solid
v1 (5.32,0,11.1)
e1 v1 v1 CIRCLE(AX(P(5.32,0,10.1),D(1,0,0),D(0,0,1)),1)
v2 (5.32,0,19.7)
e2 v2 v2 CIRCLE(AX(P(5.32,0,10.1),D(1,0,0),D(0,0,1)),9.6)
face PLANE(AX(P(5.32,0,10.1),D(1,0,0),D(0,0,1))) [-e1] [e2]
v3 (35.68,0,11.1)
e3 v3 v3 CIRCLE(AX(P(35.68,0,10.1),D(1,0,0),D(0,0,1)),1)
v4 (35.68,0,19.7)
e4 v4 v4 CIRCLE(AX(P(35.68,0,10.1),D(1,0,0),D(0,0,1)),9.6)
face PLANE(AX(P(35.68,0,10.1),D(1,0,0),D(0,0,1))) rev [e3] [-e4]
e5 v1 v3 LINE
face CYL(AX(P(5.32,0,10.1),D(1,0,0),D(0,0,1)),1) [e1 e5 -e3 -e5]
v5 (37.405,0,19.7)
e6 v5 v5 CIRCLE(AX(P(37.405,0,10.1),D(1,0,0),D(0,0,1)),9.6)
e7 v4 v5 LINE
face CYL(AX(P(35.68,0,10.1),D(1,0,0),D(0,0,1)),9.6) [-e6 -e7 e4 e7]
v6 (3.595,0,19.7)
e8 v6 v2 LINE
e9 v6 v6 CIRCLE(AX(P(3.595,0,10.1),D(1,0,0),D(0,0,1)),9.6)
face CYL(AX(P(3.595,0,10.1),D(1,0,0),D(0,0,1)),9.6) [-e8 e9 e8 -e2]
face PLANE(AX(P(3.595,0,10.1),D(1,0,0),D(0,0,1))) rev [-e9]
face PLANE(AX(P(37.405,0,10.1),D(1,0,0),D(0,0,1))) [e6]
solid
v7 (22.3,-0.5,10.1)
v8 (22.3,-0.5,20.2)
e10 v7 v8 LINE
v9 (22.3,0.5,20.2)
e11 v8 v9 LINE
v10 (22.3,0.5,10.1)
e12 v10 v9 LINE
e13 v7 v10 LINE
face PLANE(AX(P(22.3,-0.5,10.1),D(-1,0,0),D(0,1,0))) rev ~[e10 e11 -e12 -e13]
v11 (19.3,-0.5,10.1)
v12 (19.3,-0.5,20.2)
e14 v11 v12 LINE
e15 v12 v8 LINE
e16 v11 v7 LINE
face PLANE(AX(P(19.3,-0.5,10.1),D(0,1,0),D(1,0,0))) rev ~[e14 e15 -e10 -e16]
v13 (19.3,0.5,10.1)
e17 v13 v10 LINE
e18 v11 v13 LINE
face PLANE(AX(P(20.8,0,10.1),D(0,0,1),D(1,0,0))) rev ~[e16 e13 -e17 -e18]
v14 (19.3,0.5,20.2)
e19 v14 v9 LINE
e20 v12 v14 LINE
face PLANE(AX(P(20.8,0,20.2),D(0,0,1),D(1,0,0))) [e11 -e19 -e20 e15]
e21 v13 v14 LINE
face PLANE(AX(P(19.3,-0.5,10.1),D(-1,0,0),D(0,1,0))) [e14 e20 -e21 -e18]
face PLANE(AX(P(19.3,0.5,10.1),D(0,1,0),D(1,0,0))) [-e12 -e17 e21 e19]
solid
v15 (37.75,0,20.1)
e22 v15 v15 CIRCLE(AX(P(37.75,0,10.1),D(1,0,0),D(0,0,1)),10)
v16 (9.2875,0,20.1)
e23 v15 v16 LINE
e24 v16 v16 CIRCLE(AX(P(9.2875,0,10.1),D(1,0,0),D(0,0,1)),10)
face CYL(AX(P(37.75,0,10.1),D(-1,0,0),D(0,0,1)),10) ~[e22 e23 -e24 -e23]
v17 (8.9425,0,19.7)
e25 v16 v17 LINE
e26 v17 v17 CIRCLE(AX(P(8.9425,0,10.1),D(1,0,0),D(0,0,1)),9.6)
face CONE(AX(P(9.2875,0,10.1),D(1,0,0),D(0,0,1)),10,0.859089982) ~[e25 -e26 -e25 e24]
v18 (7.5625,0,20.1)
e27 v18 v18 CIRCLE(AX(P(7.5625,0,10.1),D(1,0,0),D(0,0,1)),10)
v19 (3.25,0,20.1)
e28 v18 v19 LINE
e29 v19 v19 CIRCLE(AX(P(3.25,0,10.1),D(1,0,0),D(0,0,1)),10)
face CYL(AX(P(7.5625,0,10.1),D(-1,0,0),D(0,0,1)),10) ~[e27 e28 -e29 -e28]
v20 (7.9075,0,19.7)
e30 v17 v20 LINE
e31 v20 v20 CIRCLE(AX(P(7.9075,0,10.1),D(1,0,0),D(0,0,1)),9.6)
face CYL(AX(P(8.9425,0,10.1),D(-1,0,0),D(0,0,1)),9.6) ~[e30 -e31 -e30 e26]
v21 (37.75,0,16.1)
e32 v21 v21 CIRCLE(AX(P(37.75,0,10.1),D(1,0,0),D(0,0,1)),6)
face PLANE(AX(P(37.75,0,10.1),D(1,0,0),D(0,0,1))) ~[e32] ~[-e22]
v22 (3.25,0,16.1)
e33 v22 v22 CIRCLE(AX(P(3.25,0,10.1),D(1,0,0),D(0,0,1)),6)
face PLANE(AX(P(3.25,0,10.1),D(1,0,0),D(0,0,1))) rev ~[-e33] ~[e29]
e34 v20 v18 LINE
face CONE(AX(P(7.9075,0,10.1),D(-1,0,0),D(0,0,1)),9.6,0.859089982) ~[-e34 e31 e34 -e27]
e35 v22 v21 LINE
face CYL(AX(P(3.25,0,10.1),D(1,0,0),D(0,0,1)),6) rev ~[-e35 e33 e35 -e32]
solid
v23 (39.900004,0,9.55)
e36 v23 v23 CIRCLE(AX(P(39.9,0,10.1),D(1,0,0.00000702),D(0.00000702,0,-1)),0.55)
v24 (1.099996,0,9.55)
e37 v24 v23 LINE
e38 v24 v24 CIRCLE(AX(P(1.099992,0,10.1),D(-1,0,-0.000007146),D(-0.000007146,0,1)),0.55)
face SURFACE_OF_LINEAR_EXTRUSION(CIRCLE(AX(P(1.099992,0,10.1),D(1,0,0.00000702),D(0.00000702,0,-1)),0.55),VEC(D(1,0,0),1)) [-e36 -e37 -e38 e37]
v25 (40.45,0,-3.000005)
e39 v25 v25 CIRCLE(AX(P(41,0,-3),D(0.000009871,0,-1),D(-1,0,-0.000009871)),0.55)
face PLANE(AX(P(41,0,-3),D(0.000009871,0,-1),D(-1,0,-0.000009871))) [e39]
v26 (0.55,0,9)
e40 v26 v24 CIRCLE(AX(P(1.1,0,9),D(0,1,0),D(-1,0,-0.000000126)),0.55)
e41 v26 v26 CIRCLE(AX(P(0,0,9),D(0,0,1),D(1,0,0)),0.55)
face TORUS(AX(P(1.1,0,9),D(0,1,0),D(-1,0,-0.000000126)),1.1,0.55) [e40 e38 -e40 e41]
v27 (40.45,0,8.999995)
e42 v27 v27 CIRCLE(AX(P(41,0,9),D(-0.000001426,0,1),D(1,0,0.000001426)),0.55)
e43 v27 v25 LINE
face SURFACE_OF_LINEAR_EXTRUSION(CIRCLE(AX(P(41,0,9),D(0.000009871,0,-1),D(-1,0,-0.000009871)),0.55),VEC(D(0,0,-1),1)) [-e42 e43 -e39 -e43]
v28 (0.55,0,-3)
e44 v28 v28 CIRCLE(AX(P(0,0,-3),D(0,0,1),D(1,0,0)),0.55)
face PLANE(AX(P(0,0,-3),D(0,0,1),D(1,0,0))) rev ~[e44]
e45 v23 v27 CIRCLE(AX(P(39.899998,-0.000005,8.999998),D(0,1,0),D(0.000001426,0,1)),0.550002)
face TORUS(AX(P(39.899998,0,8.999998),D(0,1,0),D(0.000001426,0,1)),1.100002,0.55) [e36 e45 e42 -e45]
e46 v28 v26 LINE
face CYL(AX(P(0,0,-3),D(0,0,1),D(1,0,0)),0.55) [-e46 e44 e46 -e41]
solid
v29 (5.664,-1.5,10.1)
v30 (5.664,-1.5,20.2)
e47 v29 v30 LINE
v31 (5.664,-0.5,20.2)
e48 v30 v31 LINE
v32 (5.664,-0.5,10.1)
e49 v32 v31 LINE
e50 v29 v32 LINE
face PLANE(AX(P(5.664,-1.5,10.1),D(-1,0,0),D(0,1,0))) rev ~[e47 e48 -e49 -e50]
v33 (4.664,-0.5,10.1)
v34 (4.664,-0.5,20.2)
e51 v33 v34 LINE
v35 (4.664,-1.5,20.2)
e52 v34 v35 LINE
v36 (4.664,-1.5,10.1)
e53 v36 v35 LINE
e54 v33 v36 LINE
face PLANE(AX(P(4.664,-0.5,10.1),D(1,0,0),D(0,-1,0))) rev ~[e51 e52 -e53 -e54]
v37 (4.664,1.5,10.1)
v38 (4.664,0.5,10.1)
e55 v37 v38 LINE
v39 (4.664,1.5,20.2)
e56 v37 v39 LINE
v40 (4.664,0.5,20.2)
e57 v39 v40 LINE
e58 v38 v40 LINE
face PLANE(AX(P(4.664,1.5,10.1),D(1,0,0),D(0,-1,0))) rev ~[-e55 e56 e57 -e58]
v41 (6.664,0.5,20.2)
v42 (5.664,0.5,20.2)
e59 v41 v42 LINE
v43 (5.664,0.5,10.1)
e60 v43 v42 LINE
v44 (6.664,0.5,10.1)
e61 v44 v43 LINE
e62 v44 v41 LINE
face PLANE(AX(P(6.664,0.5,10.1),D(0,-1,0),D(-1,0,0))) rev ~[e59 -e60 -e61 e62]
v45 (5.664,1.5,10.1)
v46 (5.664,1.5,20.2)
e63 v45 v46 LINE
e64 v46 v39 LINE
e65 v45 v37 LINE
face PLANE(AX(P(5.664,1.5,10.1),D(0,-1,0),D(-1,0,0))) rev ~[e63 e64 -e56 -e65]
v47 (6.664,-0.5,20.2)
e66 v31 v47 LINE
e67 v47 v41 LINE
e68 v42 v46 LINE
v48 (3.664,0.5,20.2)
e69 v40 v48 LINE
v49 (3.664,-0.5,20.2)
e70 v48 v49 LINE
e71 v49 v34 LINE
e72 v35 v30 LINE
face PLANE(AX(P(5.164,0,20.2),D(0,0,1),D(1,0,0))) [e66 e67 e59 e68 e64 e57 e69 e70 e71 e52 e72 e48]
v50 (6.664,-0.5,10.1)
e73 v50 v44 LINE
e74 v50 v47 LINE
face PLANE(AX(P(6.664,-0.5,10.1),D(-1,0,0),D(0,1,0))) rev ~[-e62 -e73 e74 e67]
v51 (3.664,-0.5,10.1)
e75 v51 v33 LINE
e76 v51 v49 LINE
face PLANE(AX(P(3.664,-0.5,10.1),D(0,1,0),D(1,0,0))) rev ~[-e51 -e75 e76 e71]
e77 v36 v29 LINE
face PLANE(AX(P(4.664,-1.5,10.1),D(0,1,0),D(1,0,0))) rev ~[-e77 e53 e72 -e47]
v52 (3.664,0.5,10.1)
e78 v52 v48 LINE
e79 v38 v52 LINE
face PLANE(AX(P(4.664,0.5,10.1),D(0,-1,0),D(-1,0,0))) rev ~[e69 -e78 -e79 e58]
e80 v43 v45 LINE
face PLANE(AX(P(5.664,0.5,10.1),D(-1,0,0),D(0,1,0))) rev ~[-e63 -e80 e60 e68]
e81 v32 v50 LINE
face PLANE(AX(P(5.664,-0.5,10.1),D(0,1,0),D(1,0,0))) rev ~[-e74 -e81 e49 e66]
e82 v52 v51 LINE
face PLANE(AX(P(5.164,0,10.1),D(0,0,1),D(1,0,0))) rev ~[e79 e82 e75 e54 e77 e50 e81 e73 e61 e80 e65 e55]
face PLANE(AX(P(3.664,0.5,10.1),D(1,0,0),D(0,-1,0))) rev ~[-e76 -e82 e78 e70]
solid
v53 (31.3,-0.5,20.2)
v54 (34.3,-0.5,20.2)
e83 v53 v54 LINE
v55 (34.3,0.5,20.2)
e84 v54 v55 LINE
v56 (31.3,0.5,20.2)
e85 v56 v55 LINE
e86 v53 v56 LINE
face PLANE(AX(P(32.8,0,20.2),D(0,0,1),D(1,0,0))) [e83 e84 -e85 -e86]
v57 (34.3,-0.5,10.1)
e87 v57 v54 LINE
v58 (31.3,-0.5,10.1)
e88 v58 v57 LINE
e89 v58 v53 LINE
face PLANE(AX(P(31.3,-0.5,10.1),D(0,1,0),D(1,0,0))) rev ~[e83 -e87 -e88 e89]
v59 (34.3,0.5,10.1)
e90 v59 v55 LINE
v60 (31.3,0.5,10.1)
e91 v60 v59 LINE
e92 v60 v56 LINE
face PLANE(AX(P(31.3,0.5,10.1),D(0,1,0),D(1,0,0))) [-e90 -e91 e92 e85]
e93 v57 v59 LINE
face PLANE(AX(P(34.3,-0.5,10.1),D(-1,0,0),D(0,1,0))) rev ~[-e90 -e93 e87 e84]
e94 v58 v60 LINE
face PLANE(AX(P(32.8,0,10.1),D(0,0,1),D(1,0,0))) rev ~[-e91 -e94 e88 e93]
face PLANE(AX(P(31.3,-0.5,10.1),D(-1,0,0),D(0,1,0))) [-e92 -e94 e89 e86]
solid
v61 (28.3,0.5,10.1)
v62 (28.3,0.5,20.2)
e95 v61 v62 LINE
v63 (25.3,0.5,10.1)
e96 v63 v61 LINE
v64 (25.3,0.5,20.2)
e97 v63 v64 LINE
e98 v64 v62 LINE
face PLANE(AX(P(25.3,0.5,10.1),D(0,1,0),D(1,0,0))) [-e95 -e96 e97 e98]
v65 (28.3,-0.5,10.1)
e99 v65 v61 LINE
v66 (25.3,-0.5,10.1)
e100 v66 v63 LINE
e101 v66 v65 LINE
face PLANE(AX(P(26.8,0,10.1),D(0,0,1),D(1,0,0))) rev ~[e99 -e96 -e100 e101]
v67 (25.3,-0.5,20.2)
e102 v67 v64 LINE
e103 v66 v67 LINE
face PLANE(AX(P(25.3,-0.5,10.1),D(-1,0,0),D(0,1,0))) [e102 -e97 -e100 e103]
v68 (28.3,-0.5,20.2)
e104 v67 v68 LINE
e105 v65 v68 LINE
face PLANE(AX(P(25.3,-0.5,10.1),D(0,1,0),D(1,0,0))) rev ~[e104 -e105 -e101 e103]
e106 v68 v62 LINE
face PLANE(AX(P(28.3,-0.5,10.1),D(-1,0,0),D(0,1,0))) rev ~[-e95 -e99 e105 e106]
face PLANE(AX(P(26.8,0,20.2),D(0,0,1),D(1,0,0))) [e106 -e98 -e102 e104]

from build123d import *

# Parameters (mm, degrees)
SKETCH_R    = 0.55
SKETCH004_W = 3
SKETCH004_H = 1
PAD_DEPTH   = 10.1


with BuildPart() as sweep_body:
    # Sweep: sweep along a path in Sketch001
    with BuildLine(Plane.XZ) as sweep_path:
        Line((0, -3), (0, 9))
        ThreePointArc((0, 9), (0.32218, 9.777815), (1.099992, 10.1))
        Line((1.099992, 10.1), (39.9, 10.1))
        ThreePointArc((39.9, 10.1), (40.677817, 9.777817), (41, 9))
        Line((41, 9), (41, -3))
    # Sketch → Sweep (sweep)
    with BuildSketch(Plane.XY.offset(-2)):
        Circle(SKETCH_R)
    sweep(path=sweep_path.line)


with BuildPart() as revolution:
    # Sketch002 → Revolution (revolve)
    with BuildSketch(Plane.XZ):
        Polygon((3.25, 20.1), (3.25, 16.1), (37.75, 16.1), (37.75, 20.1), (9.2875, 20.1), (8.9425, 19.7), (7.9075, 19.7), (7.5625, 20.1), align=None)
    revolve(axis=Axis((6.97588, 0, 10.1), (1, 0, 0)))


with BuildPart() as revolution001:
    # Sketch003 → Revolution001 (revolve)
    with BuildSketch(Plane.XZ):
        Polygon((3.595, 19.7), (5.32, 19.7), (5.32, 11.1), (35.68, 11.1), (35.68, 19.7), (37.405, 19.7), (37.405, 10.1), (3.595, 10.1), align=None)
    revolve(axis=Axis((6.97588, 0, 10.1), (1, 0, 0)))


with BuildPart() as pad:
    # Sketch004 → Pad (new body)
    with BuildSketch(Plane.XY.offset(10.1)):
        with Locations((32.8, 0)):
            Rectangle(SKETCH004_W, SKETCH004_H)
        with Locations((26.8, 0)):
            Rectangle(SKETCH004_W, SKETCH004_H)
        with Locations((20.8, 0)):
            Rectangle(SKETCH004_W, SKETCH004_H)
        Polygon((4.664, 0.5), (3.664, 0.5), (3.664, -0.5), (4.664, -0.5), (4.664, -1.5), (5.664, -1.5), (5.664, -0.5), (6.664, -0.5), (6.664, 0.5), (5.664, 0.5), (5.664, 1.5), (4.664, 1.5), align=None)
    extrude(amount=PAD_DEPTH)


solid = Compound([sweep_body.part, revolution.part, revolution001.part, pad.part])
